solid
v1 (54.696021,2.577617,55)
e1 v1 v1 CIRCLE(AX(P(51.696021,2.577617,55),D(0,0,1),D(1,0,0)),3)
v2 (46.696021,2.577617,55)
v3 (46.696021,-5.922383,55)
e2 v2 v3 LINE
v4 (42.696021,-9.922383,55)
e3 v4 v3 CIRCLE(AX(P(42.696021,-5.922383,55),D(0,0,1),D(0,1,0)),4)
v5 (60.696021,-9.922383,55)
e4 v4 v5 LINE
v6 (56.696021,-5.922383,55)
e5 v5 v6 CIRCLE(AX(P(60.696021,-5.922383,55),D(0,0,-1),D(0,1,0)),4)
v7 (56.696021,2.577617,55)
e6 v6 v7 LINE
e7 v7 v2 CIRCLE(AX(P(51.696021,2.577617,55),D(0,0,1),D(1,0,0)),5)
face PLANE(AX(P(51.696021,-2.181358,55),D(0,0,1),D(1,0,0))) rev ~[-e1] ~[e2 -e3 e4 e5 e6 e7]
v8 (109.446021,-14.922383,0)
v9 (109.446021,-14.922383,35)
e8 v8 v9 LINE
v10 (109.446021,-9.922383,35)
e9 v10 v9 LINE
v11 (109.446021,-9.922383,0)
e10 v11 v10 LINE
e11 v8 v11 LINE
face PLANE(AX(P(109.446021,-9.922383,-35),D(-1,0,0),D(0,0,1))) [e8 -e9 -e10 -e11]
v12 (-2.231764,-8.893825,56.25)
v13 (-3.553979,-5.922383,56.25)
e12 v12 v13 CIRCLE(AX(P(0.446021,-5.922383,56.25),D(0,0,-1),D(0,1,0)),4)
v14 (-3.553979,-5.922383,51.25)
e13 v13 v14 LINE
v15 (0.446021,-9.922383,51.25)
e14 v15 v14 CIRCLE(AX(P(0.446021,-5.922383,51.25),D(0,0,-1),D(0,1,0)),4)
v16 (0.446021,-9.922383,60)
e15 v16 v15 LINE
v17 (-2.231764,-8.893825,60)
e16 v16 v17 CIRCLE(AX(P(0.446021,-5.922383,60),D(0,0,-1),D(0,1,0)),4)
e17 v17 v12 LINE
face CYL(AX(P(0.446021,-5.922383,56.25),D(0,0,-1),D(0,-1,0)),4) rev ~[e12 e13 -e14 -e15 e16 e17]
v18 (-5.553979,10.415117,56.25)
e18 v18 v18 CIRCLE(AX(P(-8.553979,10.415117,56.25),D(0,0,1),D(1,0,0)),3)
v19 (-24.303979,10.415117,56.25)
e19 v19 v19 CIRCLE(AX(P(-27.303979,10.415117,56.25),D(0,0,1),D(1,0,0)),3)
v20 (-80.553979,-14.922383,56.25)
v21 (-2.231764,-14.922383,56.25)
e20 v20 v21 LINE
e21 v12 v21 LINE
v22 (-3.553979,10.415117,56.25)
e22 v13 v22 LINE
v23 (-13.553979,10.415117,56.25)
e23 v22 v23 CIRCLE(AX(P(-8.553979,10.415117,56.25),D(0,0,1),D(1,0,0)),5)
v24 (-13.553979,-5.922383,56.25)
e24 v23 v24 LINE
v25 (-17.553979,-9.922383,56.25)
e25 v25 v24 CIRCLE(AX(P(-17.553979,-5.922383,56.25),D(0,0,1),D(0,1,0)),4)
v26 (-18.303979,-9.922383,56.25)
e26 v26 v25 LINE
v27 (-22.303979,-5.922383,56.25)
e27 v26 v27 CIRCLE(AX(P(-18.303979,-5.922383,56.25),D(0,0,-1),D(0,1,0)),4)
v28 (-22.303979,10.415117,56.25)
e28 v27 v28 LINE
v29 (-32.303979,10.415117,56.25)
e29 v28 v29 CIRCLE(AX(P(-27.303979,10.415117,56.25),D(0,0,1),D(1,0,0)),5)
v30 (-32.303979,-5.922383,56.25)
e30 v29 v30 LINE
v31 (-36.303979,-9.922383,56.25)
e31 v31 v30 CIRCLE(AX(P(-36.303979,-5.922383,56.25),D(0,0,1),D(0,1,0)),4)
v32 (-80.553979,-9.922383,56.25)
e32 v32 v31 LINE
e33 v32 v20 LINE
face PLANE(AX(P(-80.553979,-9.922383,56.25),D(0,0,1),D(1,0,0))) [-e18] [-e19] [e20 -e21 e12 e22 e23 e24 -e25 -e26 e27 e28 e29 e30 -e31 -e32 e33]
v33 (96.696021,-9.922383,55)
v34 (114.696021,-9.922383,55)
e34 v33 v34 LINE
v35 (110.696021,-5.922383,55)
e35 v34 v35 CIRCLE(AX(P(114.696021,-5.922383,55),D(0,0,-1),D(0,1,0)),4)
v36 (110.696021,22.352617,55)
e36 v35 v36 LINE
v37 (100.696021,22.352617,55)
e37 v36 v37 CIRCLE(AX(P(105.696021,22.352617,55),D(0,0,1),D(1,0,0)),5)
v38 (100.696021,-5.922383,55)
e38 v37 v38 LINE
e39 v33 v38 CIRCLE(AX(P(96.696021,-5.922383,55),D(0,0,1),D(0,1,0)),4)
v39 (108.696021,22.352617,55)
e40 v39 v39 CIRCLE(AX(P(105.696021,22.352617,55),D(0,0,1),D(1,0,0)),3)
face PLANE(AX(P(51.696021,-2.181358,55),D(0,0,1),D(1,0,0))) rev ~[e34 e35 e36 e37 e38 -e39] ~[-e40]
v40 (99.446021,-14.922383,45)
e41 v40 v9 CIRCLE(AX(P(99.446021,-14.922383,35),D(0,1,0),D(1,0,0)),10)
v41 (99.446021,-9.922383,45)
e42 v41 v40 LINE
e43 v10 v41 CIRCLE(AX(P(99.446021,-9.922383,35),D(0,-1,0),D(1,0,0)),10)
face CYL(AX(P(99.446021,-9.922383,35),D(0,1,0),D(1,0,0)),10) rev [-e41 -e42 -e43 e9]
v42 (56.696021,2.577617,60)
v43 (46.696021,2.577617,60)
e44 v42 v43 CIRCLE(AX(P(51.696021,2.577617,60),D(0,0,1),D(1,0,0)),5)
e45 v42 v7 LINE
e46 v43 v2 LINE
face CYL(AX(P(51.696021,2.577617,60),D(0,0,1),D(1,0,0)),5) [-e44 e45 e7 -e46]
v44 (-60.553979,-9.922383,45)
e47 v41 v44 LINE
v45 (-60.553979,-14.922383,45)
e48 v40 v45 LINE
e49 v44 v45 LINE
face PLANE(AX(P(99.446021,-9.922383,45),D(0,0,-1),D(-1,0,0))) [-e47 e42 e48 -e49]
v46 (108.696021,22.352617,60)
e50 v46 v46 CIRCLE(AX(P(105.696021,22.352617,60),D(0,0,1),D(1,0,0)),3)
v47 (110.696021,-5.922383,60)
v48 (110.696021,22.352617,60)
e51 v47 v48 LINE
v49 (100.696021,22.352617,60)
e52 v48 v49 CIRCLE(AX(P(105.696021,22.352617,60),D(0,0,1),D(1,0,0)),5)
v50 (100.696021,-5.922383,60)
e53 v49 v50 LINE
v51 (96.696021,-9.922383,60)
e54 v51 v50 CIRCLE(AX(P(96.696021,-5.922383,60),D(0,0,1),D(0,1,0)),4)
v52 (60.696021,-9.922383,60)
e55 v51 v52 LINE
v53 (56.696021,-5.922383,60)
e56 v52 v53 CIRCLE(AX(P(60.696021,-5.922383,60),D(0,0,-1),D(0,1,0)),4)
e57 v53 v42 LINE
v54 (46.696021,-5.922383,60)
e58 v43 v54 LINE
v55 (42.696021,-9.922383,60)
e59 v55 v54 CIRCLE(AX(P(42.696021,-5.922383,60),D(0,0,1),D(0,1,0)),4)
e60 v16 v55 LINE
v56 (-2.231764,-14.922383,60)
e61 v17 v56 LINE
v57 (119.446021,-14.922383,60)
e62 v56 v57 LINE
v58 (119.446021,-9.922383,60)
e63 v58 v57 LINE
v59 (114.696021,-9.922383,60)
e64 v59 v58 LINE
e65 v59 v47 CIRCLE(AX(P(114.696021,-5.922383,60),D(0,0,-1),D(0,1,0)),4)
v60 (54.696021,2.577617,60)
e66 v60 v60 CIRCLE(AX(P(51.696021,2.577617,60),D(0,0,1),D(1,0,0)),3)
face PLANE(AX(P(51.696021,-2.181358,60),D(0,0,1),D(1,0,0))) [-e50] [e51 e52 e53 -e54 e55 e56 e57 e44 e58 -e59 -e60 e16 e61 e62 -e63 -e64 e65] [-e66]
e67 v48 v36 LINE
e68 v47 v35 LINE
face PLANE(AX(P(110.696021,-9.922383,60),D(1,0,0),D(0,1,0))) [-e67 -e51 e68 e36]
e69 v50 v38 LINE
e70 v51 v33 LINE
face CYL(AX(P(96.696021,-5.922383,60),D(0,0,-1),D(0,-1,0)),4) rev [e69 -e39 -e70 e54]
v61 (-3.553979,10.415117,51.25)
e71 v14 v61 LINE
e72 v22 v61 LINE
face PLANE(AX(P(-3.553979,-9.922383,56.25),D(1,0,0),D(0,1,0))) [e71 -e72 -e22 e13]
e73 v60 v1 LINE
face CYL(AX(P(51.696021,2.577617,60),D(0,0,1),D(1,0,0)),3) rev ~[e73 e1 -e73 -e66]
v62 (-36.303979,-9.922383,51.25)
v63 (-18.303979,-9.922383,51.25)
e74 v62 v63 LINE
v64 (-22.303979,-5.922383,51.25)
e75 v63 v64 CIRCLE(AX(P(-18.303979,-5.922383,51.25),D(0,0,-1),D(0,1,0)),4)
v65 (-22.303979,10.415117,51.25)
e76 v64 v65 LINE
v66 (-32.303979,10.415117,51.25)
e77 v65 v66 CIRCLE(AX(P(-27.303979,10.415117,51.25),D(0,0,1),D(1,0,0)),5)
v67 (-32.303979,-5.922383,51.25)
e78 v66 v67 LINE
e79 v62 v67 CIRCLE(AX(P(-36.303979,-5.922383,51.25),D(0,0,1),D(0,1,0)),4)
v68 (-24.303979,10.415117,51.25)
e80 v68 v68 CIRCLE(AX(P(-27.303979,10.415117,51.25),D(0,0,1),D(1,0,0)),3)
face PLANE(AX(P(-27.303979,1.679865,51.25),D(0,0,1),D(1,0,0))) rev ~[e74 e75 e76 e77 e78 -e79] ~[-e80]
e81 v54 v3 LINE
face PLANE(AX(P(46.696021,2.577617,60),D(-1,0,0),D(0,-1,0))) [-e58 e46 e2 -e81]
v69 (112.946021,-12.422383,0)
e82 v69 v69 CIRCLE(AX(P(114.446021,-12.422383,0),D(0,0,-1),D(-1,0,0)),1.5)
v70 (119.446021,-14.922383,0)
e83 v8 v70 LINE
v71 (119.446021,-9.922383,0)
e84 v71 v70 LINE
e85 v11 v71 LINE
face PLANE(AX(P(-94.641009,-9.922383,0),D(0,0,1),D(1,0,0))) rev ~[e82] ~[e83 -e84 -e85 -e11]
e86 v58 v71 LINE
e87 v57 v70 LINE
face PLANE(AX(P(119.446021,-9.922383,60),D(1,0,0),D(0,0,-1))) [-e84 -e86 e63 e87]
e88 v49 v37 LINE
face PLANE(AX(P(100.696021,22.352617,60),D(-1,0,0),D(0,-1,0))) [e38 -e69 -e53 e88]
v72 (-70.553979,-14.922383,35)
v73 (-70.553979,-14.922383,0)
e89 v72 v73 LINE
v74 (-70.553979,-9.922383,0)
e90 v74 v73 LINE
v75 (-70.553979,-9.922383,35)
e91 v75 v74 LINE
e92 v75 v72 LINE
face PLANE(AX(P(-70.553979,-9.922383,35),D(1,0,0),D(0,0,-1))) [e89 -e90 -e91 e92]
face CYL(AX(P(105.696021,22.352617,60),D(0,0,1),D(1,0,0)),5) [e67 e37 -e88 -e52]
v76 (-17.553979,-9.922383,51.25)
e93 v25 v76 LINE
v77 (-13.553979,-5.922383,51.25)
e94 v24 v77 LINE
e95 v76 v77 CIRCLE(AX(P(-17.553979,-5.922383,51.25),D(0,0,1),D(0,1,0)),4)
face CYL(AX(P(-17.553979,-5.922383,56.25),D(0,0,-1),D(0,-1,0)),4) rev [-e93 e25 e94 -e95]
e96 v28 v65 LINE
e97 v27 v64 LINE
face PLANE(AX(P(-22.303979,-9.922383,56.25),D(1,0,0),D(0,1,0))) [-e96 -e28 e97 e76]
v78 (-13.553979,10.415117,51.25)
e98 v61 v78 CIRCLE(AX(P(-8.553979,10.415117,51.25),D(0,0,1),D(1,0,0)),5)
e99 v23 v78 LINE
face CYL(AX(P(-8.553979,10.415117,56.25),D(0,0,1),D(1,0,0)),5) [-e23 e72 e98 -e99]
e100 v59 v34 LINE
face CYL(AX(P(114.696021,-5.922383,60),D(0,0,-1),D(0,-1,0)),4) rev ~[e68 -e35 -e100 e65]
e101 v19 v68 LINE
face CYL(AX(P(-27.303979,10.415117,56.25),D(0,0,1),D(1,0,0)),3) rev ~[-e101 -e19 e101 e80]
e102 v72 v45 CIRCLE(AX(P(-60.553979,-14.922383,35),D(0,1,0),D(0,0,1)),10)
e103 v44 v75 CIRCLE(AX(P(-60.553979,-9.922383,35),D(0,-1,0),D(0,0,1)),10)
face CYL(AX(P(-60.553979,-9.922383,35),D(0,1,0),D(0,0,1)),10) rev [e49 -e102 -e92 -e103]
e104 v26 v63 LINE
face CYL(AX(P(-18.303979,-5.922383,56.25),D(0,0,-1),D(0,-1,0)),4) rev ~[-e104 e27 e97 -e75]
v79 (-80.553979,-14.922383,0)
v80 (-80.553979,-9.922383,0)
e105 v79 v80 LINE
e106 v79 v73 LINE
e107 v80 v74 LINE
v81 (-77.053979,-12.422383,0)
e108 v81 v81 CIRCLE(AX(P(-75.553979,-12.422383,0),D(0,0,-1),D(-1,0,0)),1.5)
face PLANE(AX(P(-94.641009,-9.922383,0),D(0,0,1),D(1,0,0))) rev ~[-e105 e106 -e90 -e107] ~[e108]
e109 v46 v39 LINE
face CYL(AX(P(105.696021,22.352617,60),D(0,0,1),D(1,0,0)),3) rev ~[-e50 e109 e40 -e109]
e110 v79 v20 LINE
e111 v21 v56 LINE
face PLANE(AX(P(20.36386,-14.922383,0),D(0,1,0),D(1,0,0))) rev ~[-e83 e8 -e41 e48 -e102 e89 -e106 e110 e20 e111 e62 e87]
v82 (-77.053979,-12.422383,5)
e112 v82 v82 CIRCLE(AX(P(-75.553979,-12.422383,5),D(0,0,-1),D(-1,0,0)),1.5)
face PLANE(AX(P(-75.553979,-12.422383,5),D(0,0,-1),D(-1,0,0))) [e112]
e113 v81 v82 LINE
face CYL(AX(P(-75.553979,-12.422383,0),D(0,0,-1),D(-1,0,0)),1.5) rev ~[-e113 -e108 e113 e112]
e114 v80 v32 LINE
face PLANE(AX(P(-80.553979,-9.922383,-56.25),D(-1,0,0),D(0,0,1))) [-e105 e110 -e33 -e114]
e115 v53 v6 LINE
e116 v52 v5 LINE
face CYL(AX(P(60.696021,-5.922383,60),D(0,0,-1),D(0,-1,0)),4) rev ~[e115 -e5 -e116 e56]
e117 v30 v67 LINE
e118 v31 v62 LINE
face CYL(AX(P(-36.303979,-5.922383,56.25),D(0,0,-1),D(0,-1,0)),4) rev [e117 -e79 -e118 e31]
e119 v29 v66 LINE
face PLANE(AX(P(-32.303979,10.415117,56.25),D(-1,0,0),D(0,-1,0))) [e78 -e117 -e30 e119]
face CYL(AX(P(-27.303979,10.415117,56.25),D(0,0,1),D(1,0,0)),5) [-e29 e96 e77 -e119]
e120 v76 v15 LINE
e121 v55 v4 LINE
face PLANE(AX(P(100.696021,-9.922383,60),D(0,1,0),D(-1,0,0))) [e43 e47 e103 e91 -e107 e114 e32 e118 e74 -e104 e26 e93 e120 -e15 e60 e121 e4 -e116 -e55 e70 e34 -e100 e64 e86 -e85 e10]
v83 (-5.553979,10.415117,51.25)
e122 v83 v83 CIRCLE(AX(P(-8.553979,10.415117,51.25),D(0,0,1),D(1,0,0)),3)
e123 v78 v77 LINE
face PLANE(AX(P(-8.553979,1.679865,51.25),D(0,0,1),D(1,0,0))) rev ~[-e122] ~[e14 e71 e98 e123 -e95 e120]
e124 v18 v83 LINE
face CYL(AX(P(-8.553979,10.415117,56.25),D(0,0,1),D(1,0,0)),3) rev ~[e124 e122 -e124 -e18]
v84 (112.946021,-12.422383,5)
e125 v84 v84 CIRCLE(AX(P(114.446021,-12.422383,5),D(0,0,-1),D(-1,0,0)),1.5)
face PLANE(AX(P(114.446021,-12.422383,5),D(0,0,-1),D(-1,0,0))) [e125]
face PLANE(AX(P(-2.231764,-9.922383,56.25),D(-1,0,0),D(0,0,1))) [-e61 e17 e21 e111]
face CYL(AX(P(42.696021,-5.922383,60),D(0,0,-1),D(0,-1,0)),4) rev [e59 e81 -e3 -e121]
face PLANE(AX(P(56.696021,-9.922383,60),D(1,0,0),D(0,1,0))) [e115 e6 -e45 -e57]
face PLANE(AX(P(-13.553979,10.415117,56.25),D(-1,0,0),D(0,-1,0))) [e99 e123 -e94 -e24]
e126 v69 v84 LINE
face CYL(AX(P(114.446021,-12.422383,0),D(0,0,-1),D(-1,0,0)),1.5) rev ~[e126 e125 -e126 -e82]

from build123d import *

# Parameters (mm, degrees)
BOSS_EXTRUDE1_DEPTH     = 40
SKETCH2_R               = 24
BOSS_EXTRUDE2_DEPTH     = 40
SKETCH3_R               = 24
BOSS_EXTRUDE3_DEPTH     = 40
SCALE1_SCALE            = 0.125
FILLET3_R               = 4
FILLET4_R               = 4
CUT_EXTRUDE1_DEPTH      = 38.275
CUT_EXTRUDE1_DEPTH_BACK = 6
SKETCH5_OUTSIDE_W       = 249.408
SKETCH5_OUTSIDE_H       = 169.408
CUT_EXTRUDE2_DEPTH      = 38.275
CUT_EXTRUDE2_DEPTH_BACK = 6
SKETCH7_R               = 1.5
CUT_EXTRUDE3_DEPTH      = 5


with BuildPart() as part:
    # Sketch1 → Boss-Extrude1 (new body)
    with BuildSketch(Plane(origin=(0, 0, 0), x_dir=(1, 0, 0), z_dir=(0, 1, 0))):
        Polygon((-173.422280891, 480), (-173.422280891, 450), (-800, 450), (-800, -450), (-173.422280891, -450), (-173.422280891, -480), (800, -480), (800, 480), align=None)
    extrude(amount=-BOSS_EXTRUDE1_DEPTH)

    # Sketch2 → Boss-Extrude2 (add)
    with BuildSketch(Plane.XY.offset(480)):
        with BuildLine():
            Line((218, 0), (298, 0))
            Line((298, 0), (298, 100))
            ThreePointArc((298, 100), (258, 140), (218, 100))
            Line((218, 100), (218, 0))
        make_face()
        with Locations((258, 100)):
            Circle(SKETCH2_R, mode=Mode.SUBTRACT)
        with BuildLine():
            Line((650, 258.2), (650, 0))
            Line((650, 0), (730, 0))
            Line((730, 0), (730, 258.2))
            ThreePointArc((730, 258.2), (690, 298.2), (650, 258.2))
        make_face()
        with Locations((690, 258.2)):
            Circle(SKETCH2_R, mode=Mode.SUBTRACT)
        Polygon((650, 0), (298, 0), (218, 0), (-173.422280891, 0), (-173.422280891, -40), (800, -40), (800, 0), (730, 0), align=None)
    extrude(amount=-BOSS_EXTRUDE2_DEPTH)

    # Mirror1: part across plane


with BuildPart() as part_1:
    add(part.part)
    add(part.part.mirror(Plane.XY))

    # Sketch3 → Boss-Extrude3 (add)
    with BuildSketch(Plane.XY.offset(450)):
        with BuildLine():
            Line((-414, 0), (-334, 0))
            Line((-334, 0), (-334, 162.7))
            ThreePointArc((-334, 162.7), (-374, 202.7), (-414, 162.7))
            Line((-414, 162.7), (-414, 0))
        make_face()
        with Locations((-374, 162.7)):
            Circle(SKETCH3_R, mode=Mode.SUBTRACT)
        with BuildLine():
            Line((-264, 0), (-184, 0))
            Line((-184, 0), (-184, 162.7))
            ThreePointArc((-184, 162.7), (-224, 202.7), (-264, 162.7))
            Line((-264, 162.7), (-264, 0))
        make_face()
        with Locations((-224, 162.7)):
            Circle(SKETCH3_R, mode=Mode.SUBTRACT)
    boss_extrude3 = extrude(amount=-BOSS_EXTRUDE3_DEPTH)

    # Mirror2: Boss-Extrude3 across plane
    add(boss_extrude3.mirror(Plane.XY))


with BuildPart() as part_2:
    # Scale1: scaled about (22.22402446, -11.339866564, 0)
    add(part_1.part.scale(SCALE1_SCALE).moved(Location((19.446021402, -9.922383243, 0))))

    # Fillet3
    fillet3_edges = [part_2.edges().sort_by_distance(p)[0] for p in [
        (-32.303978598, -9.922383243, 53.75),
        (-13.553978598, -9.922383243, 53.75),
        (-32.303978598, -9.922383243, -53.75),
        (-13.553978598, -9.922383243, -53.75),
        (46.696021403, -9.922383243, 57.5),
        (100.696021403, -9.922383243, 57.5),
        (100.696021403, -9.922383243, -57.5),
        (46.696021403, -9.922383243, -57.5),
    ]]
    fillet(fillet3_edges, radius=FILLET3_R)

    # Fillet4
    fillet4_edges = [part_2.edges().sort_by_distance(p)[0] for p in [
        (-3.553978598, -9.922383243, -53.75),
        (-22.303978598, -9.922383243, -53.75),
        (56.696021403, -9.922383243, -57.5),
        (110.696021402, -9.922383243, -57.5),
        (110.696021402, -9.922383243, 57.5),
        (56.696021403, -9.922383243, 57.5),
        (-3.553978598, -9.922383243, 53.75),
        (-22.303978598, -9.922383243, 53.75),
    ]]
    fillet(fillet4_edges, radius=FILLET4_R)

    # Sketch4 → Cut-Extrude1 (cut, two sides)
    with BuildSketch(Plane(origin=(0, -9.922383244, 0), x_dir=(1, 0, 0), z_dir=(0, 1, 0))) as cut_extrude1_sk:
        with BuildLine():
            Line((-60.553978598, 45), (99.446021402, 45))
            ThreePointArc((99.446021402, 45), (106.517089214, 42.071067812), (109.446021402, 35))
            Line((109.446021402, 35), (109.446021402, -35))
            ThreePointArc((109.446021402, -35), (106.517089214, -42.071067812), (99.446021402, -45))
            Line((99.446021402, -45), (-60.553978598, -45))
            ThreePointArc((-60.553978598, -45), (-67.62504641, -42.071067812), (-70.553978598, -35))
            Line((-70.553978598, -35), (-70.553978598, 35))
            ThreePointArc((-70.553978598, 35), (-67.62504641, 42.071067812), (-60.553978598, 45))
        make_face()
    extrude(amount=CUT_EXTRUDE1_DEPTH, mode=Mode.SUBTRACT)
    extrude(cut_extrude1_sk.sketch, amount=-CUT_EXTRUDE1_DEPTH_BACK, mode=Mode.SUBTRACT)

    # Sketch5 outside → Cut-Extrude2 (cut, two sides)
    with BuildSketch(Plane(origin=(0, -9.922383244, 0), x_dir=(1, 0, 0), z_dir=(0, 1, 0))) as cut_extrude2_sk:
        with Locations((19.446, 0)):
            Rectangle(SKETCH5_OUTSIDE_W, SKETCH5_OUTSIDE_H)
        Polygon((0, 0), (123.509842575, 0), (123.509842575, -66.212941814), (-94.641009198, -66.212941814), (-94.641009198, 0), align=None, mode=Mode.SUBTRACT)
    extrude(amount=CUT_EXTRUDE2_DEPTH, mode=Mode.SUBTRACT)
    extrude(cut_extrude2_sk.sketch, amount=-CUT_EXTRUDE2_DEPTH_BACK, mode=Mode.SUBTRACT)

    # Sketch7 → Cut-Extrude3 (cut)
    with BuildSketch(Plane(origin=(0, 0, 0), x_dir=(-1, 0, 0), z_dir=(0, 0, -1))):
        with Locations((-114.446021402, -12.422383244)):
            Circle(SKETCH7_R)
        with Locations((75.553978598, -12.422383244)):
            Circle(SKETCH7_R)
    extrude(amount=-CUT_EXTRUDE3_DEPTH, mode=Mode.SUBTRACT)


solid = part_2.part
